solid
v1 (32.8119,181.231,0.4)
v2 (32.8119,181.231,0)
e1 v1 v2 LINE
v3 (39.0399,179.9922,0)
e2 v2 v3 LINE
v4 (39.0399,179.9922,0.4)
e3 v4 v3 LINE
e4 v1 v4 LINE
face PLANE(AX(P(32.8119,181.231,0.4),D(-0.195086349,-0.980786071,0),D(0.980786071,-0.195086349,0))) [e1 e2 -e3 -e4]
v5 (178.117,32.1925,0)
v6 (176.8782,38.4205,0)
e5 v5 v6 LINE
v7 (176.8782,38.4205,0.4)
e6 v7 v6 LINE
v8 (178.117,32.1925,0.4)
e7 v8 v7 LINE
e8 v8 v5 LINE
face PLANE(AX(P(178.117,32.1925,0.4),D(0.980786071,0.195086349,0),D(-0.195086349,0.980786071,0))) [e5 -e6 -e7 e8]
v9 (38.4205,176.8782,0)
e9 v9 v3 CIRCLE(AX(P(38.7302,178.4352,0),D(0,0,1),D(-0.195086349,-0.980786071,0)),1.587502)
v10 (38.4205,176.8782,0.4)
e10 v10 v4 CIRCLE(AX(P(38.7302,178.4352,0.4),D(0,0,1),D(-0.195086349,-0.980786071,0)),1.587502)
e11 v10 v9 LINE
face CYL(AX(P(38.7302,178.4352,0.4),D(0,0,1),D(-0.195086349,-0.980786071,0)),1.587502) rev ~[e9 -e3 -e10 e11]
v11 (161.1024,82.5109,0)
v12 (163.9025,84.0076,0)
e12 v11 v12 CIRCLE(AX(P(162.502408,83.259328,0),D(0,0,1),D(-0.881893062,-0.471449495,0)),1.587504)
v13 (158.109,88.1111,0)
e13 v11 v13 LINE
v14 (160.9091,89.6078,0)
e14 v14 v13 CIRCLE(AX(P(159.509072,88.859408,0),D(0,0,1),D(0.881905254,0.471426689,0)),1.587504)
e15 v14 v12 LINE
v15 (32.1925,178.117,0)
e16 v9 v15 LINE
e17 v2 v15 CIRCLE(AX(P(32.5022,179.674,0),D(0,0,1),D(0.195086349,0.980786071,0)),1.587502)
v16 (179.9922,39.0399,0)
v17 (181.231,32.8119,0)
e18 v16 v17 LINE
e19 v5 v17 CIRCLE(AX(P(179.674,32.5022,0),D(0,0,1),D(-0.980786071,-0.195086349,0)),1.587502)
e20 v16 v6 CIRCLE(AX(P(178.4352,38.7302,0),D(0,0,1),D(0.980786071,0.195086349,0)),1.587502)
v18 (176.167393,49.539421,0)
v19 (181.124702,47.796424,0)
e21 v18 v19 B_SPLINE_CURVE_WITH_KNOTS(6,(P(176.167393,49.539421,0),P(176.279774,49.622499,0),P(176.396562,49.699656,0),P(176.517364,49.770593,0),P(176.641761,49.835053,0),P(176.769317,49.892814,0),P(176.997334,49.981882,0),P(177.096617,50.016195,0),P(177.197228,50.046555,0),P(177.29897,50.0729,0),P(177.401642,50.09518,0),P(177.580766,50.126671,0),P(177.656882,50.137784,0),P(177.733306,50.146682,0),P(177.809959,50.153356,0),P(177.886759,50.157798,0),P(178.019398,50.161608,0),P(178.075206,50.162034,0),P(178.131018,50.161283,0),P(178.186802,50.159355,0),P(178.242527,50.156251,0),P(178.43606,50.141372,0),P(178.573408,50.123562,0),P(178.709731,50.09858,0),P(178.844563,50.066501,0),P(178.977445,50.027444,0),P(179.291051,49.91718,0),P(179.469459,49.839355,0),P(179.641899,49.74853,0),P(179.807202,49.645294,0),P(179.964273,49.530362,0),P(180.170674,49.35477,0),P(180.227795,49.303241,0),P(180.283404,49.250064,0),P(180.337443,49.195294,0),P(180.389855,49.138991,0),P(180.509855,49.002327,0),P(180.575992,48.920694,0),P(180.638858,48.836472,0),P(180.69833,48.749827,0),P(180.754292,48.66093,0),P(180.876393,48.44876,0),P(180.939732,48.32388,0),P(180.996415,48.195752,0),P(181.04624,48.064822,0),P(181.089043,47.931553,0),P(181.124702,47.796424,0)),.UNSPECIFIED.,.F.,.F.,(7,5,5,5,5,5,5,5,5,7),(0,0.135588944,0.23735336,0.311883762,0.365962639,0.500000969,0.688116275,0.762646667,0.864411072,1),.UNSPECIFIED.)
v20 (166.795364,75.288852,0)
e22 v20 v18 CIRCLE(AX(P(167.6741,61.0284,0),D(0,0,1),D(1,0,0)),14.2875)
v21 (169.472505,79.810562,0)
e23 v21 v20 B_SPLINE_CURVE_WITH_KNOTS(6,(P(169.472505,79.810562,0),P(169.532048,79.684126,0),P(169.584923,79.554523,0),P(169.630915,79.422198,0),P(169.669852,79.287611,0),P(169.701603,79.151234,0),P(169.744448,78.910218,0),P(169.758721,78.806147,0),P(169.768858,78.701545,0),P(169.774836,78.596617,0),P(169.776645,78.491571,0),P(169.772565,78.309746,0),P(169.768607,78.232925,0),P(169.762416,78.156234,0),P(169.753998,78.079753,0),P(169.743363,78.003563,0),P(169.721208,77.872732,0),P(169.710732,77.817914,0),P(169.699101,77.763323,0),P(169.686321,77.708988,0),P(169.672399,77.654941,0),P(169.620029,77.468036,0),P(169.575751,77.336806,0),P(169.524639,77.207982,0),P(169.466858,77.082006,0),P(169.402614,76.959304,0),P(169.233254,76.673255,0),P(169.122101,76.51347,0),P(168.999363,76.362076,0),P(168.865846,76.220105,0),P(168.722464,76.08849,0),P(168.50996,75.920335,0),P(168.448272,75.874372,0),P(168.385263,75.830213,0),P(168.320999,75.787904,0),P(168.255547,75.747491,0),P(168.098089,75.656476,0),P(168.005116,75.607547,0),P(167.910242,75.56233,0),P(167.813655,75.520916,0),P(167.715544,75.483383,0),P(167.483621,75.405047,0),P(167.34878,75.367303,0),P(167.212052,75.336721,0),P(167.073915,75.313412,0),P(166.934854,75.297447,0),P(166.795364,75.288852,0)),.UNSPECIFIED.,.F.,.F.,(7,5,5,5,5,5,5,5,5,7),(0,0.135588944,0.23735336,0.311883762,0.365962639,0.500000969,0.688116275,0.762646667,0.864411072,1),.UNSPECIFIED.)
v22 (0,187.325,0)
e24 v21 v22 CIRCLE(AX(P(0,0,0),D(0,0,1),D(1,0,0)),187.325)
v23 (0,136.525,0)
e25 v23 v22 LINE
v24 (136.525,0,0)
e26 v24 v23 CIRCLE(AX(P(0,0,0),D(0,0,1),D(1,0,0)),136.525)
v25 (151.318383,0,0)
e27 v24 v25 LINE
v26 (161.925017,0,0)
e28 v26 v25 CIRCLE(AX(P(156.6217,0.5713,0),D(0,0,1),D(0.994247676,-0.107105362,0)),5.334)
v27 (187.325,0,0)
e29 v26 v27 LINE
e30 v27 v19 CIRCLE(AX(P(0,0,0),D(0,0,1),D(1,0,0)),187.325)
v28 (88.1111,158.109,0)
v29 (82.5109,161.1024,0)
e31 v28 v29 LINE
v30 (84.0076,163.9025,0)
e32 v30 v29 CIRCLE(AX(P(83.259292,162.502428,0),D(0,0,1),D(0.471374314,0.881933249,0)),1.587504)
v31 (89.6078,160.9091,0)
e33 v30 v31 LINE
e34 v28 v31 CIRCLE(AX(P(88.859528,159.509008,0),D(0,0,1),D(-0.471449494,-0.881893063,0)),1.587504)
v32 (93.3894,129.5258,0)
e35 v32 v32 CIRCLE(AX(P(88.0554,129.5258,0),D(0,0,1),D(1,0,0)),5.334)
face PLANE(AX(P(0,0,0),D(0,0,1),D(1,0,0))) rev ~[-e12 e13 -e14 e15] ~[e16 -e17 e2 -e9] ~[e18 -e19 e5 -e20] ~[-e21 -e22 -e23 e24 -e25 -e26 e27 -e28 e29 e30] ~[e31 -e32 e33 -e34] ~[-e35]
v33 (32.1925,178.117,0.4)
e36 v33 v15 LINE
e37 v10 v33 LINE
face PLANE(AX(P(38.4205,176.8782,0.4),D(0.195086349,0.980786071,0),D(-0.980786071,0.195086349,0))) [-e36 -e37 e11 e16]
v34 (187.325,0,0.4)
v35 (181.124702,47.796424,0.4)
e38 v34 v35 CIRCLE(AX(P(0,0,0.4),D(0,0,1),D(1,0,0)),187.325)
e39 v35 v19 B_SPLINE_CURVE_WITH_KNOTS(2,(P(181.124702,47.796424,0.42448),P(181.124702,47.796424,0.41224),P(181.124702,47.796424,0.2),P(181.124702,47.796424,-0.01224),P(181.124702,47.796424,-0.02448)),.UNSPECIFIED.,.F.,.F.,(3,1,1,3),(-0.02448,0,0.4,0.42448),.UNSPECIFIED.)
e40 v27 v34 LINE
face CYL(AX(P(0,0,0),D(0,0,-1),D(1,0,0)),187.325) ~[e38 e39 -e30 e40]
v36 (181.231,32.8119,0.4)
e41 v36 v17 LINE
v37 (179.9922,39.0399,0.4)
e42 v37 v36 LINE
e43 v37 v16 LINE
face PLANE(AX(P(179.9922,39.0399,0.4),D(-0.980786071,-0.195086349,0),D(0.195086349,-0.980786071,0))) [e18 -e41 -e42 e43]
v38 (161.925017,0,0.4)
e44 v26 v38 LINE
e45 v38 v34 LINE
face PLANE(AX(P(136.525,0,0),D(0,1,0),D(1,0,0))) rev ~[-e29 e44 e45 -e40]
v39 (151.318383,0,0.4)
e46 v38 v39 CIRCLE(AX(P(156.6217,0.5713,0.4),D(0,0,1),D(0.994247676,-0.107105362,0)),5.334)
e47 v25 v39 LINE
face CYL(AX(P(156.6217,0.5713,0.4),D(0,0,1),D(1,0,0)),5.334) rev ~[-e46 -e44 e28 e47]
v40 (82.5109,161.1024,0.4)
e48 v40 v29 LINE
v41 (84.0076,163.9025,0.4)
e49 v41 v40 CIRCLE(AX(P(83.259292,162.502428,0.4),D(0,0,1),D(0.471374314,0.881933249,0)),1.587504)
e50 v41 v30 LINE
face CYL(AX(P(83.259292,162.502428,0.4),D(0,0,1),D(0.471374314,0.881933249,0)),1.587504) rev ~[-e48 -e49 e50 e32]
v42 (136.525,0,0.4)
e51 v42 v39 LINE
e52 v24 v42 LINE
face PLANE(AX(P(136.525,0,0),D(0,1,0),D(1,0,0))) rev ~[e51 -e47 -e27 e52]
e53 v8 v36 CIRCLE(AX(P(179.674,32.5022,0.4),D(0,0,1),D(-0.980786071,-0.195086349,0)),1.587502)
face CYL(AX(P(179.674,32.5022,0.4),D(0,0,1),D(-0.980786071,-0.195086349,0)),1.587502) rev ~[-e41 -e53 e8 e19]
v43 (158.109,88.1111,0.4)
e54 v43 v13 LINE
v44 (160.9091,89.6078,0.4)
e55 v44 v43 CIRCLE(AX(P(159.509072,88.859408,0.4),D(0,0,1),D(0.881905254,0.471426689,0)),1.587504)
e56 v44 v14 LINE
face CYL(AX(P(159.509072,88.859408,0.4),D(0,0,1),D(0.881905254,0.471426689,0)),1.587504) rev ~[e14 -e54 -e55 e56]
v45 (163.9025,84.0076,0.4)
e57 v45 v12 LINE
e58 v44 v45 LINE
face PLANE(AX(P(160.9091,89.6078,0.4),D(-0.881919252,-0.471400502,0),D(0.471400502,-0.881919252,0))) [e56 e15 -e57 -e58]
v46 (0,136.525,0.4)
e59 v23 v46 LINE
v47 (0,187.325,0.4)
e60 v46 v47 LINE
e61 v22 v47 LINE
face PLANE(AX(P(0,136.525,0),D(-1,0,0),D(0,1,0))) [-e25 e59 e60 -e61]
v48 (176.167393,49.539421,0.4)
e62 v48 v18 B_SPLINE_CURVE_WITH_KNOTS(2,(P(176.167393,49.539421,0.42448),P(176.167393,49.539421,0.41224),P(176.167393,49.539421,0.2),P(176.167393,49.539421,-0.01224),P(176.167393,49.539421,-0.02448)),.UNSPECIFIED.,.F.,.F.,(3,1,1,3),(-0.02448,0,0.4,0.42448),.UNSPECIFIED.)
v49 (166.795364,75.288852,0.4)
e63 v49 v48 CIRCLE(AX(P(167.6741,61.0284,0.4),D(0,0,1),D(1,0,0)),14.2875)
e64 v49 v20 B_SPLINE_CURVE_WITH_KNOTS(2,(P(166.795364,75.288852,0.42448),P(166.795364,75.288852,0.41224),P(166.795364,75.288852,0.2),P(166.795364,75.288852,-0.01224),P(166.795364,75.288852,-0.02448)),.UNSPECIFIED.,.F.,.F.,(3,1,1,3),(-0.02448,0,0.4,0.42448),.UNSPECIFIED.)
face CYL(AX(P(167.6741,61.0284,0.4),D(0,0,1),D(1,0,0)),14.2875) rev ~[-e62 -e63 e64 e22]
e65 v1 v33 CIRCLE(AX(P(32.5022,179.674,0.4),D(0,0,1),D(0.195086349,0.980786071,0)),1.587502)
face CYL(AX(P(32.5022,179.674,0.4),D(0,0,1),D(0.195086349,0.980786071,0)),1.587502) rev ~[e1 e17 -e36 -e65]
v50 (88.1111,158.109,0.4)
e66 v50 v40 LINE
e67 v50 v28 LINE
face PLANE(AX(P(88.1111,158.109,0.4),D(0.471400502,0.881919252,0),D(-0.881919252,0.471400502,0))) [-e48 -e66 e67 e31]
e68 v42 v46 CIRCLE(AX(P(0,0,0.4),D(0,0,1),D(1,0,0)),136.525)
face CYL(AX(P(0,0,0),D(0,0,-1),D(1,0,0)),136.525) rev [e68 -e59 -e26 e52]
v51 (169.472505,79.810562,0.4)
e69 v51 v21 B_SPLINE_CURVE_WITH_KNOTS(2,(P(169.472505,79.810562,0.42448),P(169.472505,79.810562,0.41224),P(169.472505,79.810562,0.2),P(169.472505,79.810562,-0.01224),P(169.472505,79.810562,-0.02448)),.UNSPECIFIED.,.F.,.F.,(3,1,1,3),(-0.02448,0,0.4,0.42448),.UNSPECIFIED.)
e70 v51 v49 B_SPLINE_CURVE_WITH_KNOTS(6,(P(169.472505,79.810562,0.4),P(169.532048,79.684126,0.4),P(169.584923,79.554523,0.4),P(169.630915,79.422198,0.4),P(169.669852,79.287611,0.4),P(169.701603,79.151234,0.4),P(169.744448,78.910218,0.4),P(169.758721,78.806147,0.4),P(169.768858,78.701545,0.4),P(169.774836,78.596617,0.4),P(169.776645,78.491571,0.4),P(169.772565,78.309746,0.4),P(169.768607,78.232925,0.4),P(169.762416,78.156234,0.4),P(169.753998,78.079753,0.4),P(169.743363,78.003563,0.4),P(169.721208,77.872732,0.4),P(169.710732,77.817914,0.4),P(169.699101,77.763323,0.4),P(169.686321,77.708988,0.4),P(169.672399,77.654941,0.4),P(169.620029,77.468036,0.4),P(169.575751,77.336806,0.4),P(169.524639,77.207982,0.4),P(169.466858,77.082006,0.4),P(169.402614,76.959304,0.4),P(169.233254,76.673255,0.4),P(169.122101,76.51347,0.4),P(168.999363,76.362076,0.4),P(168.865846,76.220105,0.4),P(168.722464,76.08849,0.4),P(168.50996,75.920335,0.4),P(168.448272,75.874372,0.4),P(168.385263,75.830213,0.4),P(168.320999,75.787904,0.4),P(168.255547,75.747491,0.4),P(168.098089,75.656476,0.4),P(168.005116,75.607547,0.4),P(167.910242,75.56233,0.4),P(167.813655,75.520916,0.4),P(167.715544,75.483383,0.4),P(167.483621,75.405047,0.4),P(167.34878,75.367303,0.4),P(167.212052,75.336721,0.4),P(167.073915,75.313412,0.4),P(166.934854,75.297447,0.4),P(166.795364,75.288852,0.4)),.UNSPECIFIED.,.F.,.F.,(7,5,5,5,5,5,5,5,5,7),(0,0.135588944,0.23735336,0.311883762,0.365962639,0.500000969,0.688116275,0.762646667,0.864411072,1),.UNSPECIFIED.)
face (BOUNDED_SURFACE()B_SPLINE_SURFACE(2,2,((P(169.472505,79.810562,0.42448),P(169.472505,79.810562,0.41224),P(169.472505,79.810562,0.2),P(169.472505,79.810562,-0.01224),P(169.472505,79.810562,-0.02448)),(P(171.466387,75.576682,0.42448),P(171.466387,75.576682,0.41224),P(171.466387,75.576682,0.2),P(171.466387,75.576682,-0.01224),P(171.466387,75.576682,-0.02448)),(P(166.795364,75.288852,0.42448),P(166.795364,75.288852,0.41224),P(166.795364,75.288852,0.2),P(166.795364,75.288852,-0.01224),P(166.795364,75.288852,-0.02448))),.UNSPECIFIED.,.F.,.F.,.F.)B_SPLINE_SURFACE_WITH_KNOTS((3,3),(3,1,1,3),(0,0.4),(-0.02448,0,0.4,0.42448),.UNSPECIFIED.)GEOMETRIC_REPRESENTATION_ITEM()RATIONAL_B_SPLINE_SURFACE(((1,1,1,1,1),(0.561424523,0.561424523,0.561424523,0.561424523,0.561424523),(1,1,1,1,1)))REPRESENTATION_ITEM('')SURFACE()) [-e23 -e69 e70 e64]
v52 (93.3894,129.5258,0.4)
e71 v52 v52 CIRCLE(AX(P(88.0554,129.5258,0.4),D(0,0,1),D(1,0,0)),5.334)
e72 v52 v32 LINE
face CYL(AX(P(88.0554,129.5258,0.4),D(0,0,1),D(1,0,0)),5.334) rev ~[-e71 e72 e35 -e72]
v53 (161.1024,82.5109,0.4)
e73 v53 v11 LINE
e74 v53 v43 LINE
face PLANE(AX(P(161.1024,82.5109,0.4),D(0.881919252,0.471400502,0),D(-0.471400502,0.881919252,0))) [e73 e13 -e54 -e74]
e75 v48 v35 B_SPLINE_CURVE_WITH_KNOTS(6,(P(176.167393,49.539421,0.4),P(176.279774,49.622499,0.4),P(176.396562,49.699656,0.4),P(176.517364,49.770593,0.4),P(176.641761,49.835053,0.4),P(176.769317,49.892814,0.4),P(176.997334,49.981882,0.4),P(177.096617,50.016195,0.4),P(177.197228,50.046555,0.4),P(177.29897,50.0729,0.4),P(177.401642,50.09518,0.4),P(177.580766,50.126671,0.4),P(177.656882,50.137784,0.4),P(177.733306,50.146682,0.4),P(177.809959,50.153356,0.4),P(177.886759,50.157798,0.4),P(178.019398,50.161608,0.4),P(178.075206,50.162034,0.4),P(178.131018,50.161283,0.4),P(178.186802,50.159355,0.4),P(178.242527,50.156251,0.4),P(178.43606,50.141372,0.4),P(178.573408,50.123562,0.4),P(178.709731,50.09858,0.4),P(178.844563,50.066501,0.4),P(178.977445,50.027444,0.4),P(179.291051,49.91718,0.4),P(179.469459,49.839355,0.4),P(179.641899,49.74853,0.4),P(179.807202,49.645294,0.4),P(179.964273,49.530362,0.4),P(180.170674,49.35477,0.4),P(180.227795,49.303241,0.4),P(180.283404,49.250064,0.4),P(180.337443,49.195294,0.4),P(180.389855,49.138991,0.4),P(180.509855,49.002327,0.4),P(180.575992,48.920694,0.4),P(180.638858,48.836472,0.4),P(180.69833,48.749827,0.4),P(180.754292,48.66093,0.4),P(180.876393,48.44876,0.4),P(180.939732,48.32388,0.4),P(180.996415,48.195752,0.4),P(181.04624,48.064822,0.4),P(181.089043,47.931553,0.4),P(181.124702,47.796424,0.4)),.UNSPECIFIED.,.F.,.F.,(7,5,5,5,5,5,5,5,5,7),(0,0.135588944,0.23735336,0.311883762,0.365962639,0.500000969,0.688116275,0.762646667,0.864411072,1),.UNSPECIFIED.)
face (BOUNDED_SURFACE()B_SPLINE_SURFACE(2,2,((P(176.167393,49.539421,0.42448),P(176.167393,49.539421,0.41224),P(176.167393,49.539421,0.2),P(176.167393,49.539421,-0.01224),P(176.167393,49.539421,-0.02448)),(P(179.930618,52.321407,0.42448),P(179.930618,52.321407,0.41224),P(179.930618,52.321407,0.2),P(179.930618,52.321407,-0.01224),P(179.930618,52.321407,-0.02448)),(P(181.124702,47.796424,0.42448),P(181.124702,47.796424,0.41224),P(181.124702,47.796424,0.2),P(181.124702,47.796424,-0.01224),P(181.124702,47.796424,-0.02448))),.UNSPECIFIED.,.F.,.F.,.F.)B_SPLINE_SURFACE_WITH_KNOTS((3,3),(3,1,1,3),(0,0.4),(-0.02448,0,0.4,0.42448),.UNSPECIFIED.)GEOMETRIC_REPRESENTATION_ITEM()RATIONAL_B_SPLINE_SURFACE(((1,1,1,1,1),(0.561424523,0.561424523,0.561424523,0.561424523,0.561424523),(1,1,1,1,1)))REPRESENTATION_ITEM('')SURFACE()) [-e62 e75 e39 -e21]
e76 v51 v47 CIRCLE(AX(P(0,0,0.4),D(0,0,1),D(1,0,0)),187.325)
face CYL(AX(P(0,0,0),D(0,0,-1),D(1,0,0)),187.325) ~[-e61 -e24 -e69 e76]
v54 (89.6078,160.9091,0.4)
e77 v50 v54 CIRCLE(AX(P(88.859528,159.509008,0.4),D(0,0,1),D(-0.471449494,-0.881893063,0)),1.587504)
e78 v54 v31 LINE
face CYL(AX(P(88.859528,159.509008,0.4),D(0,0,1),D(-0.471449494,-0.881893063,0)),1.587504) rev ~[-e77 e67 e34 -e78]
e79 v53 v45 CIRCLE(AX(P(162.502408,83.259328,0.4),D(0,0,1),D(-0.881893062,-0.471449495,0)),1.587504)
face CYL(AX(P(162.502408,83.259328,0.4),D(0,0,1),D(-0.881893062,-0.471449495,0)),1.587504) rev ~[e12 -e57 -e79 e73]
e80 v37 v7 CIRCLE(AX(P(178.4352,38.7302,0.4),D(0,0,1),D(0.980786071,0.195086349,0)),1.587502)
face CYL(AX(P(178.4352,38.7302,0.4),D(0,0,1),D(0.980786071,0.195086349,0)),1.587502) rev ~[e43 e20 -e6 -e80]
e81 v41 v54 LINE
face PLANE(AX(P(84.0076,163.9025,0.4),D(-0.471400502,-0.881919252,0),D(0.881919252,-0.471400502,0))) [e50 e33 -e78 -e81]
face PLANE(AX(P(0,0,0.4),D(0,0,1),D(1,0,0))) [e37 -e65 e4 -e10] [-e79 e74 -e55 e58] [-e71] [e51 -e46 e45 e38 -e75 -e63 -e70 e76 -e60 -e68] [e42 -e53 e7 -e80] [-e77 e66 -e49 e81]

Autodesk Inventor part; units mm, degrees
ref_plane "YZ Plane" through (0, 0, 0) normal (1, 0, 0) x (0, 1, 0)
ref_plane "XZ Plane" through (0, 0, 0) normal (0, 1, 0) x (-1, 0, 0)
ref_plane "XY Plane" through (0, 0, 0) normal (0, 0, 1) x (1, 0, 0)
sketch "Sketch1" plane through (0, 0, 0) normal (0, 0, 1) x (1, 0, 0)
  arc A0 (187.325, 0) -> (0, 187.325) centre (0, 0) ccw
  arc A1 (136.525, 0) -> (0, 136.525) centre (0, 0) ccw
  line L0 (0, 136.525) -> (0, 187.325)
  line L1 (136.525, 0) -> (187.325, 0)
  point P0 (161.925, 0)
  point P1 (0, 161.925)
  dimension "d2" = 187.325
  dimension "d3" = 136.525
extrude "Extrusion1" add sketch "Sketch1" along normal blind 0.4
sketch "Sketch3" plane through (0, 0, 0.4) normal (0, 0, 1) x (1, 0, 0)
  arc A0 (178.117, 32.1925) -> (181.231, 32.8119) centre (179.674, 32.5022) ccw projected
  line L0 (179.9922, 39.0399) -> (181.231, 32.8119) projected
  arc A1 (179.9922, 39.0399) -> (176.8782, 38.4205) centre (178.4352, 38.7302) ccw projected
  line L1 (178.117, 32.1925) -> (176.8782, 38.4205) projected
  line L2 (161.1024, 82.5109) -> (158.109, 88.1111) projected
  arc A2 (161.1024, 82.5109) -> (163.9025, 84.0076) centre (162.5024, 83.2593) ccw projected
  line L3 (160.9091, 89.6078) -> (163.9025, 84.0076) projected
  arc A3 (160.9091, 89.6078) -> (158.109, 88.1111) centre (159.5091, 88.8595) ccw projected
  circle A4 centre (156.6217, 0.5713) radius 5.334 projected
  line L4 (84.0076, 163.9025) -> (89.6078, 160.9091) projected
  arc A5 (88.1111, 158.109) -> (89.6078, 160.9091) centre (88.8595, 159.5091) ccw projected
  line L5 (88.1111, 158.109) -> (82.5109, 161.1024) projected
  arc A6 (84.0076, 163.9025) -> (82.5109, 161.1024) centre (83.2593, 162.5024) ccw projected
  line L6 (32.8119, 181.231) -> (39.0399, 179.9922) projected
  arc A7 (38.4205, 176.8782) -> (39.0399, 179.9922) centre (38.7302, 178.4352) ccw projected
  line L7 (38.4205, 176.8782) -> (32.1925, 178.117) projected
  arc A8 (32.8119, 181.231) -> (32.1925, 178.117) centre (32.5022, 179.674) ccw projected
  circle A9 centre (88.0554, 129.5258) radius 5.334 projected
  circle A10 centre (167.6741, 61.0284) radius 8.89 projected
  circle A11 centre (167.6741, 61.0284) radius 14.2875
  point P0 (0, 0)
  dimension "d10" = 28.575
extrude "Extrusion2" cut sketch "Sketch3" against normal through all contours L1 A1 L0 A0 | L2 A3 L3 A2 | A4 | L4 A5 L5 A6 | L6 A7 L7 A8 | A9 | A10 | A11
fillet "Fillet1" radius 3.175 2 edges at (171.7808, 74.7129, 0.2) (179.6163, 53.1851, 0.2)
properties part number "3DPRINT,CABLE,TRAY" material "ABS Plastic"
